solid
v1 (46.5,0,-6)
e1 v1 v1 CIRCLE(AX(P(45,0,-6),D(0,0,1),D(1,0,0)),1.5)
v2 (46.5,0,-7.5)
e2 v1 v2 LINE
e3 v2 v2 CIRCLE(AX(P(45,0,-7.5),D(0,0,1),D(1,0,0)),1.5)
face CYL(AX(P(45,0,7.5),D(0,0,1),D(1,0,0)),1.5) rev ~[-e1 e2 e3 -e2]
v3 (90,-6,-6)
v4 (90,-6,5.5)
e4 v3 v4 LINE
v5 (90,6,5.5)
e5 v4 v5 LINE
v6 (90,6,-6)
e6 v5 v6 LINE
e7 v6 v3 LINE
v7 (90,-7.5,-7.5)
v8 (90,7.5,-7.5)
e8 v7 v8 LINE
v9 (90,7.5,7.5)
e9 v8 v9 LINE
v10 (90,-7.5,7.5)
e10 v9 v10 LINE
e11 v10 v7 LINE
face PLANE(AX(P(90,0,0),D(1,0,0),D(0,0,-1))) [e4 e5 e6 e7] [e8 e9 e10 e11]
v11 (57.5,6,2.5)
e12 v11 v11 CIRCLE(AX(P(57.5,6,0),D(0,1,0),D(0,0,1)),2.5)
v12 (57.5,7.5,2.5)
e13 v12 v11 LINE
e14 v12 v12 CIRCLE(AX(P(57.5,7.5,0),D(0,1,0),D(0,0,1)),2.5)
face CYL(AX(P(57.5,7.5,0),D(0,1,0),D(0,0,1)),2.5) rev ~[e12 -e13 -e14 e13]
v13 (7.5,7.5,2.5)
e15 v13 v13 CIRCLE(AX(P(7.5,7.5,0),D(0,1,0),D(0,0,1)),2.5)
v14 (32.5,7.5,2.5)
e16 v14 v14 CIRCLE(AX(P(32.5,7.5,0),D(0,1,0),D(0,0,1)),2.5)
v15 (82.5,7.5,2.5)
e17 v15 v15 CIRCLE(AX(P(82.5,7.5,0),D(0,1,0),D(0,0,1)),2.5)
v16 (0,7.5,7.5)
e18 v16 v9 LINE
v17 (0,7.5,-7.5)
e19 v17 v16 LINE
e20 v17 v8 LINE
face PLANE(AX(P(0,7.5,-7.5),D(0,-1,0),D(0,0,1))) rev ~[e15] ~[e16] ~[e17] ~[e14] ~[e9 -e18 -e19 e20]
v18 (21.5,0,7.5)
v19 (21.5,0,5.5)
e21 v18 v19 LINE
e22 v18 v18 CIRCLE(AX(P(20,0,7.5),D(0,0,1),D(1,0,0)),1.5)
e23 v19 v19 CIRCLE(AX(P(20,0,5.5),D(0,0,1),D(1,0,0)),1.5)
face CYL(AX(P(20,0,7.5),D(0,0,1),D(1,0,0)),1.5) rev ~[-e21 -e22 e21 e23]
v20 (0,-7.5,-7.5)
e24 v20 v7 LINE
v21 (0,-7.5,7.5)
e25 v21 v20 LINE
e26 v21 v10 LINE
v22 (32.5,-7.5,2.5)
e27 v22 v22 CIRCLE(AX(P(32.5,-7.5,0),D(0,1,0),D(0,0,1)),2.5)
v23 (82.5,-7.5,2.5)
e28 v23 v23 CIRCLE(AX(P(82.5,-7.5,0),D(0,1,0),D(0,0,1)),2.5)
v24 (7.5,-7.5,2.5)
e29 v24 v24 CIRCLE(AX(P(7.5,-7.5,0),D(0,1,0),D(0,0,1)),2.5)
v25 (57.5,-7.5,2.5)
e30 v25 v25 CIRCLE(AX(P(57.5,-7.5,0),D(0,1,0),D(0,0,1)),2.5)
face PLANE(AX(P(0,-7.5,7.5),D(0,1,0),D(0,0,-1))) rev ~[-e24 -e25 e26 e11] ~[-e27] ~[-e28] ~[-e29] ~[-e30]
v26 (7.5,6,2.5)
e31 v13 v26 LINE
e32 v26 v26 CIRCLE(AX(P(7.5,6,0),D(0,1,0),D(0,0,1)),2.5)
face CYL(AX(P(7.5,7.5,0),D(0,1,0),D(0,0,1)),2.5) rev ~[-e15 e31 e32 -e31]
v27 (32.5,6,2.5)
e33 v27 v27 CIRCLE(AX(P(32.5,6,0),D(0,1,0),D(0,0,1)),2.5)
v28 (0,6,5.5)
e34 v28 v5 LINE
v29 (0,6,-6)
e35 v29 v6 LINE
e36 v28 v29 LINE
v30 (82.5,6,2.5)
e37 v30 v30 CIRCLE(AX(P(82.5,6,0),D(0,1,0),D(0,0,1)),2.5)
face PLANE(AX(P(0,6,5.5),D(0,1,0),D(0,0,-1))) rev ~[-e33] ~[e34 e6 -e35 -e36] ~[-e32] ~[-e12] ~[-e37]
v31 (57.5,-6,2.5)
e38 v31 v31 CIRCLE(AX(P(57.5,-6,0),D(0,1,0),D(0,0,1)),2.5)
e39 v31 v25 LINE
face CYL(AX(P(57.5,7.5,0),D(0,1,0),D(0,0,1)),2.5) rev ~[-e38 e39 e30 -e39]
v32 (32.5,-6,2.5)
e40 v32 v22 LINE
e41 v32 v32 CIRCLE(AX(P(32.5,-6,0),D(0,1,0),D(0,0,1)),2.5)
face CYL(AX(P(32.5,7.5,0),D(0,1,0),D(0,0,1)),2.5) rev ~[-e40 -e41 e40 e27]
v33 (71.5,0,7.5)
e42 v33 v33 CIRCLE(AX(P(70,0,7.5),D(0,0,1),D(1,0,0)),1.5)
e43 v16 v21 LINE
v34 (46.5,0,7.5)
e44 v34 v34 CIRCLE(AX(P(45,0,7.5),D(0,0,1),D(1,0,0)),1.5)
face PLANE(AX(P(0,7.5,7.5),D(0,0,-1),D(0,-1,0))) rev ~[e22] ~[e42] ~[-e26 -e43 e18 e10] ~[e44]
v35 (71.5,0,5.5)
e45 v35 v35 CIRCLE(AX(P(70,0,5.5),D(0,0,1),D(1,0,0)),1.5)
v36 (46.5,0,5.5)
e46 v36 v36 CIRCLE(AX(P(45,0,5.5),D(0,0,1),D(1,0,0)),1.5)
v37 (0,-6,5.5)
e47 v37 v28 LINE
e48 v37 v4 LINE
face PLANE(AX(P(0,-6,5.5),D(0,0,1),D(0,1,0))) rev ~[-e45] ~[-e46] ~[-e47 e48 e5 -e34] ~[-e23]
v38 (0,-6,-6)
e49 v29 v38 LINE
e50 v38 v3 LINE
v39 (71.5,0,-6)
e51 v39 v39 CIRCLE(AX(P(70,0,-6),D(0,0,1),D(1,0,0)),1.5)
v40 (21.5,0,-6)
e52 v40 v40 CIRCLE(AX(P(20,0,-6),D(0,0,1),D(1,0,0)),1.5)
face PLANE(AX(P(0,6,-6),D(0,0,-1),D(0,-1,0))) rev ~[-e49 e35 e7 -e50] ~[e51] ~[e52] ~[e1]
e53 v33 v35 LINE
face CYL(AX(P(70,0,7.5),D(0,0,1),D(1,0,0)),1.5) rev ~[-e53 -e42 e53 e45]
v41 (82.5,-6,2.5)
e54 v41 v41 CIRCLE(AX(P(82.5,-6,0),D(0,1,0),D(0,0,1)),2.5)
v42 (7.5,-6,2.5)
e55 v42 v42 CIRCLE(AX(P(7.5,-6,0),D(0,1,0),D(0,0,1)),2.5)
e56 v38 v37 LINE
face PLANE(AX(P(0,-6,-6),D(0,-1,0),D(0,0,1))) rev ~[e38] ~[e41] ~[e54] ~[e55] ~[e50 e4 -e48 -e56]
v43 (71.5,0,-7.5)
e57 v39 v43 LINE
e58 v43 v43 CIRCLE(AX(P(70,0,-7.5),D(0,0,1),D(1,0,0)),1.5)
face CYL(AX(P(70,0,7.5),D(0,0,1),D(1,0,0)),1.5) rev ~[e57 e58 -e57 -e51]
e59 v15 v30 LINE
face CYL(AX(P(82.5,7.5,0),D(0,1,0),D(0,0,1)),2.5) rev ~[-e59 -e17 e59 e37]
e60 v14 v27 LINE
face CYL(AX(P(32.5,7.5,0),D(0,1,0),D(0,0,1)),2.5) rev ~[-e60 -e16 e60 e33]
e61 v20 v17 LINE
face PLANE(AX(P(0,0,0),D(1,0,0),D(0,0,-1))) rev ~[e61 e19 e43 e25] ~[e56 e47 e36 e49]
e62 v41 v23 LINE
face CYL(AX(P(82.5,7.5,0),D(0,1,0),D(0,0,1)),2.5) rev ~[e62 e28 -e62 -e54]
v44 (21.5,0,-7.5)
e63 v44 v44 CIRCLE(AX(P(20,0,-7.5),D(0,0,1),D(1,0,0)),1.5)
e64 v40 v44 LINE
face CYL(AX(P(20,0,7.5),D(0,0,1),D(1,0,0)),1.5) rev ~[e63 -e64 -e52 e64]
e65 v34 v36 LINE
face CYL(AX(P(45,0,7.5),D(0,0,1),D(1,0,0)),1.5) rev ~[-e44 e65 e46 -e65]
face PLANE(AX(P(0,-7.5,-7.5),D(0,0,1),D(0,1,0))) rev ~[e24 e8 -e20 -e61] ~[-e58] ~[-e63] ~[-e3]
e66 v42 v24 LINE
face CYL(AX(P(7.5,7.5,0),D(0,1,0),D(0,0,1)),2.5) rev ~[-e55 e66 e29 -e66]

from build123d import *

# Parameters (mm, degrees)
MEMBER_15_15_1_5_1_DEPTH = 90
SKETCH_3_R               = 2.5
CUT_EXTRUDE_1_DEPTH      = 92.549167118
SKETCH_4_R               = 1.5
CUT_EXTRUDE_2_DEPTH      = 92.549167118


with BuildPart() as part:
    # Sketch1 → Member 15 _15_ 1.5_1 (new body)
    with BuildSketch(Plane(origin=(0, 0, 0), x_dir=(0, 0, -1), z_dir=(1, 0, 0))):
        Polygon((-6, -7.5), (6, -7.5), (7.5, -7.5), (7.5, -6), (7.5, 6), (7.5, 7.5), (6, 7.5), (-6, 7.5), (-7.5, 7.5), (-7.5, 6), (-7.5, -6), (-7.5, -7.5), align=None)
        Polygon((-4, -6), (4, -6), (6, -6), (6, -3.5), (6, 3.5), (6, 6), (3.5, 6), (-3.5, 6), (-5.5, 6), (-5.5, 3.5), (-5.5, -3.5), (-5.5, -6), align=None, mode=Mode.SUBTRACT)
    extrude(amount=MEMBER_15_15_1_5_1_DEPTH)

    # 草图3 → 切除-拉伸1 (cut, through all)
    with BuildSketch(Plane(origin=(0, 7.5, 0), x_dir=(1, 0, 0), z_dir=(0, 1, 0))):
        with Locations(Location((7.5, 0, 0), (0, 0, 270))):
            Circle(SKETCH_3_R)
        with Locations(Location((32.5, 0, 0), (0, 0, 270))):
            Circle(SKETCH_3_R)
        with Locations(Location((57.5, 0, 0), (0, 0, 270))):
            Circle(SKETCH_3_R)
        with Locations(Location((82.5, 0, 0), (0, 0, 270))):
            Circle(SKETCH_3_R)
    extrude(amount=-CUT_EXTRUDE_1_DEPTH, mode=Mode.SUBTRACT)

    # 草图4 → 切除-拉伸2 (cut, through all)
    with BuildSketch(Plane.XY.offset(7.5)):
        with Locations((45, 0)):
            Circle(SKETCH_4_R)
        with Locations((20, 0)):
            Circle(SKETCH_4_R)
        with Locations((70, 0)):
            Circle(SKETCH_4_R)
    extrude(amount=-CUT_EXTRUDE_2_DEPTH, mode=Mode.SUBTRACT)


solid = part.part
